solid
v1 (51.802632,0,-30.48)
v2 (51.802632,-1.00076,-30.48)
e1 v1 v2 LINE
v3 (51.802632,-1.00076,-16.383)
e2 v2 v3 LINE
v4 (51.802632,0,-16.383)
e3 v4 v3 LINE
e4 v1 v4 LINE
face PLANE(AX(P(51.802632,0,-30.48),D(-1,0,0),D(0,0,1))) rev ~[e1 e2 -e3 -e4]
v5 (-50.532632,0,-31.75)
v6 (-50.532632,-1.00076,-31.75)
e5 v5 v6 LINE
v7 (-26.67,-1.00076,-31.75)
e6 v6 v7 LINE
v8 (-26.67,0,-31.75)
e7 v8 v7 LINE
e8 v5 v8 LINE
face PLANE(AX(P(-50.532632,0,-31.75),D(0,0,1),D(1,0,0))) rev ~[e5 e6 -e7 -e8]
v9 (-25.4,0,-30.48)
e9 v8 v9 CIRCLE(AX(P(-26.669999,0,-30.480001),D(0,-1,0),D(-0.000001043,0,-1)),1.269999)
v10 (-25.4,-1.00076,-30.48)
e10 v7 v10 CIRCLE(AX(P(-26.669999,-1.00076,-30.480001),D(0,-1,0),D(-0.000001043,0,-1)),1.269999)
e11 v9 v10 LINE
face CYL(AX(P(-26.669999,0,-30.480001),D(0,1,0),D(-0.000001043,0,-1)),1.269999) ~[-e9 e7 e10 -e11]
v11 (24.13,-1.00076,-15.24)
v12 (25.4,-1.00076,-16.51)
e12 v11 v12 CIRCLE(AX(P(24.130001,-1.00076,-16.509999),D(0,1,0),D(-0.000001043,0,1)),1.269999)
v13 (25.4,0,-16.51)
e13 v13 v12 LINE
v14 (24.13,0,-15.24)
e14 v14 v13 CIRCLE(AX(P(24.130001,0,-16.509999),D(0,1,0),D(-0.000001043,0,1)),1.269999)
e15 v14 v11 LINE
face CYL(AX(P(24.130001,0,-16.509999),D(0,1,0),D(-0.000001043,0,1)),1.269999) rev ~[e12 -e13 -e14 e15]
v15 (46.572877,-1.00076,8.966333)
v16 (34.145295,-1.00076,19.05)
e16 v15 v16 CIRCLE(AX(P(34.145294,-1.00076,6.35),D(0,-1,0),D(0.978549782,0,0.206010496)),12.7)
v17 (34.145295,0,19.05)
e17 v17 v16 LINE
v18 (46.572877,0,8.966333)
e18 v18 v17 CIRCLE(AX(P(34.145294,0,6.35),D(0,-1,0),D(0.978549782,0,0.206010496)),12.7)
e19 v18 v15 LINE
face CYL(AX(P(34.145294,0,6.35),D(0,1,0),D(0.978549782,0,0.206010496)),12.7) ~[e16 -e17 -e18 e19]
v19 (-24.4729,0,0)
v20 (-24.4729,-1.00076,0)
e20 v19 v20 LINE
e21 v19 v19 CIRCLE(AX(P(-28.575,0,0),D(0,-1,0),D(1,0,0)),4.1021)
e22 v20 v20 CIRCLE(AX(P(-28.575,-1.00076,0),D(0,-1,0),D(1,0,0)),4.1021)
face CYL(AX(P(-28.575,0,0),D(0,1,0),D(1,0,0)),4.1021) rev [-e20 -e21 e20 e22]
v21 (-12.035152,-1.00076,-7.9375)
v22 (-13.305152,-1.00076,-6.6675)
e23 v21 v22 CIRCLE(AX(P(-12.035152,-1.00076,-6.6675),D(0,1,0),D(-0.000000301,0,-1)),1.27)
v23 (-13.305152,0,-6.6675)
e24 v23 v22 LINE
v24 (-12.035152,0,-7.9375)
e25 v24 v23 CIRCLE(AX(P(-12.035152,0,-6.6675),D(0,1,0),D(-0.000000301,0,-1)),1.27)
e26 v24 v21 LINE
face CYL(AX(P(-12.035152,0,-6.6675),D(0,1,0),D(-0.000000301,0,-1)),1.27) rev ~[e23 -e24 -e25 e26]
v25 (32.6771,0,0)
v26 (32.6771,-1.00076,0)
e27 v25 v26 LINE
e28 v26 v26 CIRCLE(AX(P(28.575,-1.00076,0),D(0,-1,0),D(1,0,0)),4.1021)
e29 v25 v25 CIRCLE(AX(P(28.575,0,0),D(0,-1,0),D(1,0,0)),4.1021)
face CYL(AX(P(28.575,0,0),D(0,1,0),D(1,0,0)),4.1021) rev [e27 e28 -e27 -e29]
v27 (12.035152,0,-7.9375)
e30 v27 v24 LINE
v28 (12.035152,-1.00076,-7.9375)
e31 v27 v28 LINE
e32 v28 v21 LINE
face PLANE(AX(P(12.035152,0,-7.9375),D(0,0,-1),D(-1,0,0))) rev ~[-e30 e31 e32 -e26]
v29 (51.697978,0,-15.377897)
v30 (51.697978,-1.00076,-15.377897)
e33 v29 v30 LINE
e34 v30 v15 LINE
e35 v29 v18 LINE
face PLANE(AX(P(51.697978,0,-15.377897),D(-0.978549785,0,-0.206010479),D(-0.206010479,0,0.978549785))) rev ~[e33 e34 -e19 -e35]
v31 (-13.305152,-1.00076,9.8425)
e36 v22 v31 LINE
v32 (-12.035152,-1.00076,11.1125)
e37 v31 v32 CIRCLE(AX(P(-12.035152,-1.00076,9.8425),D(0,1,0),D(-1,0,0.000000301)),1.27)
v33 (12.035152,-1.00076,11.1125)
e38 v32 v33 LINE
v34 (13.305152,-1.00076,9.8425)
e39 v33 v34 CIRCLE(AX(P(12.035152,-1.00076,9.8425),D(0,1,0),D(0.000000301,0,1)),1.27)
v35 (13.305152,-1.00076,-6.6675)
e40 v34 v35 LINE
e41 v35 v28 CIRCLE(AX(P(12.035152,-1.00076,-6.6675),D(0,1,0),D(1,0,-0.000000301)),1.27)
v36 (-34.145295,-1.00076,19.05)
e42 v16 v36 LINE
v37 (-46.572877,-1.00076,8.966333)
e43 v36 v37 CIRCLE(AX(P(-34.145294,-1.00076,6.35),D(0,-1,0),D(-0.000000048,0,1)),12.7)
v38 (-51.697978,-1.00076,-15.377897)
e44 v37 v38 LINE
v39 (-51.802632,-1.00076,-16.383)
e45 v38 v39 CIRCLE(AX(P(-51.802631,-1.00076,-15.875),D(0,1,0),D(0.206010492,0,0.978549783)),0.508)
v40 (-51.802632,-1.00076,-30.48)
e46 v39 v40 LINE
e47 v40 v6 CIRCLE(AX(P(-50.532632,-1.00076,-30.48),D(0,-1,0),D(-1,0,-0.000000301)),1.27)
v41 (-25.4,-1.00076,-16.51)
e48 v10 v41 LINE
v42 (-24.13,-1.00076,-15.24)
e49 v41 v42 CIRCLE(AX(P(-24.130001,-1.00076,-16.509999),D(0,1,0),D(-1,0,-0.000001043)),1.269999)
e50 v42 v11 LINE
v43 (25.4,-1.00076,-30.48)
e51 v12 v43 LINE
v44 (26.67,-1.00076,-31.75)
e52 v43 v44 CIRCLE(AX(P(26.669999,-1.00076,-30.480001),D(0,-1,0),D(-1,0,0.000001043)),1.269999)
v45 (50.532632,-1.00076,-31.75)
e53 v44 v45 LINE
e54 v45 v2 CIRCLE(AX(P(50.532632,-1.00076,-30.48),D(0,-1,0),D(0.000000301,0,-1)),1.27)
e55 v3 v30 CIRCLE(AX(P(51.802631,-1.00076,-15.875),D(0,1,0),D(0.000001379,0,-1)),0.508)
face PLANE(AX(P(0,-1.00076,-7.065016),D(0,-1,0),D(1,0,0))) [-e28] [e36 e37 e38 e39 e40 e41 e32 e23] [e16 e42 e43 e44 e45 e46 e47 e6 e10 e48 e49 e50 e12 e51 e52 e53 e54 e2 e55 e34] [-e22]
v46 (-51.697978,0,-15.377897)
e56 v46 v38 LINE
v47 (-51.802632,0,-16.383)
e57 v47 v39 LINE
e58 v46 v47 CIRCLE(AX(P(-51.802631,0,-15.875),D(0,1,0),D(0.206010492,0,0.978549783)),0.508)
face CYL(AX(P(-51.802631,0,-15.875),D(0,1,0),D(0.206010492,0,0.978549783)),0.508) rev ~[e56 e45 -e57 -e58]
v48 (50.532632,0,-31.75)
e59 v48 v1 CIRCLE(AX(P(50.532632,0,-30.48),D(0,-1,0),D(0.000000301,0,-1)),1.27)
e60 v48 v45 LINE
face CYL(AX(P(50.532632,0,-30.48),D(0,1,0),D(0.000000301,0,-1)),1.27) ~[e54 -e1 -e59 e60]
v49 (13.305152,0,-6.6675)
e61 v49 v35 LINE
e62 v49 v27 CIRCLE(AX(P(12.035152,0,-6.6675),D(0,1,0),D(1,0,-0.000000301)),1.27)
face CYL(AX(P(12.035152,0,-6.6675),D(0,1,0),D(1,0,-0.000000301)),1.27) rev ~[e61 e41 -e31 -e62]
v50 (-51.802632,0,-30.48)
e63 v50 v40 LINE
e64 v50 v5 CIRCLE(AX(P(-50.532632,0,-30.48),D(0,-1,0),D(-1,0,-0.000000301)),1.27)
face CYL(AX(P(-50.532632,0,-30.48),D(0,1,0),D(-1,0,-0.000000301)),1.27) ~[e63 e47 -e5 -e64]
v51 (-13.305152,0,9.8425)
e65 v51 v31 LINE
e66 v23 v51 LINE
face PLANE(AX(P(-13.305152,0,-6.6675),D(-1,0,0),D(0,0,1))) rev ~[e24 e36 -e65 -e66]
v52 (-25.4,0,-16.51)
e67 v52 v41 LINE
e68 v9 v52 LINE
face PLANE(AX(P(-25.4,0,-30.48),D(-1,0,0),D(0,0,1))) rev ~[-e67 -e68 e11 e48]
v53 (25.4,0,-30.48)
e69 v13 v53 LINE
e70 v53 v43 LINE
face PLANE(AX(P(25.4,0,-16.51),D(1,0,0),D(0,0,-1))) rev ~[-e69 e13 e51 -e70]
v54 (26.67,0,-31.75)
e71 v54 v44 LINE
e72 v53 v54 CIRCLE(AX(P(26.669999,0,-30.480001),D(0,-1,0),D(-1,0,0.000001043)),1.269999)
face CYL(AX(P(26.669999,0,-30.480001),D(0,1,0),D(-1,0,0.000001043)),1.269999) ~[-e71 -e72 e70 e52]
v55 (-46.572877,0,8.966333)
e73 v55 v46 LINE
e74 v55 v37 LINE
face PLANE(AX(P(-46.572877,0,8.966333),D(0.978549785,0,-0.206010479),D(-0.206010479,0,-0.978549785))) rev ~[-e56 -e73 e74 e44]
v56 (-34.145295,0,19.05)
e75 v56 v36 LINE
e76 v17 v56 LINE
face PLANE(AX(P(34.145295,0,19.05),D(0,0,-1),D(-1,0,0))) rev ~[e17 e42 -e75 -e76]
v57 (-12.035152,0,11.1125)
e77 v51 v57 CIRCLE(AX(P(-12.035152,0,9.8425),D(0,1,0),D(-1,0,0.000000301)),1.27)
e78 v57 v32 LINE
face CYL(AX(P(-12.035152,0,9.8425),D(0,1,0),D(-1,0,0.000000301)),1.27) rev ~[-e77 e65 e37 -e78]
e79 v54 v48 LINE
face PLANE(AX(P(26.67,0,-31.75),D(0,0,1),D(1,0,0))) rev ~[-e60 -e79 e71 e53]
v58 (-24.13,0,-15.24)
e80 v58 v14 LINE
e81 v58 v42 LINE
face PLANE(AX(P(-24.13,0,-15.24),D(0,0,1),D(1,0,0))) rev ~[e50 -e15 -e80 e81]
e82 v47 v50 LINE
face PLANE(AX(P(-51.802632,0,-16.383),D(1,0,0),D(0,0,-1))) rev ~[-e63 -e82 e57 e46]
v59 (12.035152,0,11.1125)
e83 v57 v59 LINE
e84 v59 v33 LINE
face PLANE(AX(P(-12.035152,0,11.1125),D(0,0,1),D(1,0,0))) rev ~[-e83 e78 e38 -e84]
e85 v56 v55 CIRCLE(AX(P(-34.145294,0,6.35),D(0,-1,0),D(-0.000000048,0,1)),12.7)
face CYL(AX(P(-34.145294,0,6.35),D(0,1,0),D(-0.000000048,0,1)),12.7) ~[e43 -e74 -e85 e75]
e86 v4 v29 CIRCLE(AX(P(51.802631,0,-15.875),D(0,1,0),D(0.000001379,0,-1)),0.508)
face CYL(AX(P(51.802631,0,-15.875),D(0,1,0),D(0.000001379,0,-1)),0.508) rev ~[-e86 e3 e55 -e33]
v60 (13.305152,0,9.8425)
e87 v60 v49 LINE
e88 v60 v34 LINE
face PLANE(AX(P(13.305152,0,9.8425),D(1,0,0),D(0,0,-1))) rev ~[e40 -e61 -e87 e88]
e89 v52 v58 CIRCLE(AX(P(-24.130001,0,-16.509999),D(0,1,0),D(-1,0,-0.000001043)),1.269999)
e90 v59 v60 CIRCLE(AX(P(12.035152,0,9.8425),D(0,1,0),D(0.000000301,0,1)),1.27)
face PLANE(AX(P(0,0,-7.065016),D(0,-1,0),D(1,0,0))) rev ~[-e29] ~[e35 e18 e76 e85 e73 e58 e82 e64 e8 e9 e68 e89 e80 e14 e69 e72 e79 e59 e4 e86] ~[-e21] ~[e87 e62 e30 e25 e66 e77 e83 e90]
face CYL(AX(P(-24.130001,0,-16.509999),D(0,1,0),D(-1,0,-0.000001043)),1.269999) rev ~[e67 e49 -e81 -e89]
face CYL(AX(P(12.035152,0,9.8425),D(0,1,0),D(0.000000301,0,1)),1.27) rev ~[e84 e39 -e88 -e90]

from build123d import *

# Parameters (mm, degrees)
F0_R     = 4.1021
F1_DEPTH = 1.00076


with BuildPart() as f1:
    # F0 (on Front) → F1 (new body)
    with BuildSketch(Plane.XZ):
        with BuildLine():
            Line((34.145295, 19.05), (0, 19.05))
            Line((0, 19.05), (-34.145295, 19.05))
            ThreePointArc((-34.145295, 19.05), (-42.14725, 16.211983), (-46.572877, 8.966333))
            Line((-46.572877, 8.966333), (-51.697978, -15.377897))
            ThreePointArc((-51.697978, -15.377897), (-51.297363, -15.92761), (-51.802632, -16.383))
            Line((-51.802632, -16.383), (-51.802632, -30.48))
            ThreePointArc((-51.802632, -30.48), (-51.430657, -31.378026), (-50.532632, -31.75))
            Line((-50.532632, -31.75), (-26.67, -31.75))
            ThreePointArc((-26.67, -31.75), (-25.771974, -31.378026), (-25.4, -30.48))
            Line((-25.4, -30.48), (-25.4, -16.51))
            ThreePointArc((-25.4, -16.51), (-25.028026, -15.611974), (-24.13, -15.24))
            Line((-24.13, -15.24), (0, -15.24))
            Line((0, -15.24), (24.13, -15.24))
            ThreePointArc((24.13, -15.24), (25.028026, -15.611974), (25.4, -16.51))
            Line((25.4, -16.51), (25.4, -30.48))
            ThreePointArc((25.4, -30.48), (25.771974, -31.378026), (26.67, -31.75))
            Line((26.67, -31.75), (50.532632, -31.75))
            ThreePointArc((50.532632, -31.75), (51.430657, -31.378026), (51.802632, -30.48))
            Line((51.802632, -30.48), (51.802632, -16.383))
            ThreePointArc((51.802632, -16.383), (51.297363, -15.92761), (51.697978, -15.377897))
            Line((51.697978, -15.377897), (46.572877, 8.966333))
            ThreePointArc((46.572877, 8.966333), (42.14725, 16.211983), (34.145295, 19.05))
        make_face()
        with Locations((-28.575, 0)):
            Circle(F0_R, mode=Mode.SUBTRACT)
        with BuildLine():
            Line((0, -7.9375), (-12.035152, -7.9375))
            ThreePointArc((-12.035152, -7.9375), (-12.933177, -7.565526), (-13.305152, -6.6675))
            Line((-13.305152, -6.6675), (-13.305152, 9.8425))
            ThreePointArc((-13.305152, 9.8425), (-12.933177, 10.740526), (-12.035152, 11.1125))
            Line((-12.035152, 11.1125), (0, 11.1125))
            Line((0, 11.1125), (12.035152, 11.1125))
            ThreePointArc((12.035152, 11.1125), (12.933177, 10.740526), (13.305152, 9.8425))
            Line((13.305152, 9.8425), (13.305152, -6.6675))
            ThreePointArc((13.305152, -6.6675), (12.933177, -7.565526), (12.035152, -7.9375))
            Line((12.035152, -7.9375), (0, -7.9375))
        make_face(mode=Mode.SUBTRACT)
        with Locations((28.575, 0)):
            Circle(F0_R, mode=Mode.SUBTRACT)
    extrude(amount=F1_DEPTH)


solid = f1.part
